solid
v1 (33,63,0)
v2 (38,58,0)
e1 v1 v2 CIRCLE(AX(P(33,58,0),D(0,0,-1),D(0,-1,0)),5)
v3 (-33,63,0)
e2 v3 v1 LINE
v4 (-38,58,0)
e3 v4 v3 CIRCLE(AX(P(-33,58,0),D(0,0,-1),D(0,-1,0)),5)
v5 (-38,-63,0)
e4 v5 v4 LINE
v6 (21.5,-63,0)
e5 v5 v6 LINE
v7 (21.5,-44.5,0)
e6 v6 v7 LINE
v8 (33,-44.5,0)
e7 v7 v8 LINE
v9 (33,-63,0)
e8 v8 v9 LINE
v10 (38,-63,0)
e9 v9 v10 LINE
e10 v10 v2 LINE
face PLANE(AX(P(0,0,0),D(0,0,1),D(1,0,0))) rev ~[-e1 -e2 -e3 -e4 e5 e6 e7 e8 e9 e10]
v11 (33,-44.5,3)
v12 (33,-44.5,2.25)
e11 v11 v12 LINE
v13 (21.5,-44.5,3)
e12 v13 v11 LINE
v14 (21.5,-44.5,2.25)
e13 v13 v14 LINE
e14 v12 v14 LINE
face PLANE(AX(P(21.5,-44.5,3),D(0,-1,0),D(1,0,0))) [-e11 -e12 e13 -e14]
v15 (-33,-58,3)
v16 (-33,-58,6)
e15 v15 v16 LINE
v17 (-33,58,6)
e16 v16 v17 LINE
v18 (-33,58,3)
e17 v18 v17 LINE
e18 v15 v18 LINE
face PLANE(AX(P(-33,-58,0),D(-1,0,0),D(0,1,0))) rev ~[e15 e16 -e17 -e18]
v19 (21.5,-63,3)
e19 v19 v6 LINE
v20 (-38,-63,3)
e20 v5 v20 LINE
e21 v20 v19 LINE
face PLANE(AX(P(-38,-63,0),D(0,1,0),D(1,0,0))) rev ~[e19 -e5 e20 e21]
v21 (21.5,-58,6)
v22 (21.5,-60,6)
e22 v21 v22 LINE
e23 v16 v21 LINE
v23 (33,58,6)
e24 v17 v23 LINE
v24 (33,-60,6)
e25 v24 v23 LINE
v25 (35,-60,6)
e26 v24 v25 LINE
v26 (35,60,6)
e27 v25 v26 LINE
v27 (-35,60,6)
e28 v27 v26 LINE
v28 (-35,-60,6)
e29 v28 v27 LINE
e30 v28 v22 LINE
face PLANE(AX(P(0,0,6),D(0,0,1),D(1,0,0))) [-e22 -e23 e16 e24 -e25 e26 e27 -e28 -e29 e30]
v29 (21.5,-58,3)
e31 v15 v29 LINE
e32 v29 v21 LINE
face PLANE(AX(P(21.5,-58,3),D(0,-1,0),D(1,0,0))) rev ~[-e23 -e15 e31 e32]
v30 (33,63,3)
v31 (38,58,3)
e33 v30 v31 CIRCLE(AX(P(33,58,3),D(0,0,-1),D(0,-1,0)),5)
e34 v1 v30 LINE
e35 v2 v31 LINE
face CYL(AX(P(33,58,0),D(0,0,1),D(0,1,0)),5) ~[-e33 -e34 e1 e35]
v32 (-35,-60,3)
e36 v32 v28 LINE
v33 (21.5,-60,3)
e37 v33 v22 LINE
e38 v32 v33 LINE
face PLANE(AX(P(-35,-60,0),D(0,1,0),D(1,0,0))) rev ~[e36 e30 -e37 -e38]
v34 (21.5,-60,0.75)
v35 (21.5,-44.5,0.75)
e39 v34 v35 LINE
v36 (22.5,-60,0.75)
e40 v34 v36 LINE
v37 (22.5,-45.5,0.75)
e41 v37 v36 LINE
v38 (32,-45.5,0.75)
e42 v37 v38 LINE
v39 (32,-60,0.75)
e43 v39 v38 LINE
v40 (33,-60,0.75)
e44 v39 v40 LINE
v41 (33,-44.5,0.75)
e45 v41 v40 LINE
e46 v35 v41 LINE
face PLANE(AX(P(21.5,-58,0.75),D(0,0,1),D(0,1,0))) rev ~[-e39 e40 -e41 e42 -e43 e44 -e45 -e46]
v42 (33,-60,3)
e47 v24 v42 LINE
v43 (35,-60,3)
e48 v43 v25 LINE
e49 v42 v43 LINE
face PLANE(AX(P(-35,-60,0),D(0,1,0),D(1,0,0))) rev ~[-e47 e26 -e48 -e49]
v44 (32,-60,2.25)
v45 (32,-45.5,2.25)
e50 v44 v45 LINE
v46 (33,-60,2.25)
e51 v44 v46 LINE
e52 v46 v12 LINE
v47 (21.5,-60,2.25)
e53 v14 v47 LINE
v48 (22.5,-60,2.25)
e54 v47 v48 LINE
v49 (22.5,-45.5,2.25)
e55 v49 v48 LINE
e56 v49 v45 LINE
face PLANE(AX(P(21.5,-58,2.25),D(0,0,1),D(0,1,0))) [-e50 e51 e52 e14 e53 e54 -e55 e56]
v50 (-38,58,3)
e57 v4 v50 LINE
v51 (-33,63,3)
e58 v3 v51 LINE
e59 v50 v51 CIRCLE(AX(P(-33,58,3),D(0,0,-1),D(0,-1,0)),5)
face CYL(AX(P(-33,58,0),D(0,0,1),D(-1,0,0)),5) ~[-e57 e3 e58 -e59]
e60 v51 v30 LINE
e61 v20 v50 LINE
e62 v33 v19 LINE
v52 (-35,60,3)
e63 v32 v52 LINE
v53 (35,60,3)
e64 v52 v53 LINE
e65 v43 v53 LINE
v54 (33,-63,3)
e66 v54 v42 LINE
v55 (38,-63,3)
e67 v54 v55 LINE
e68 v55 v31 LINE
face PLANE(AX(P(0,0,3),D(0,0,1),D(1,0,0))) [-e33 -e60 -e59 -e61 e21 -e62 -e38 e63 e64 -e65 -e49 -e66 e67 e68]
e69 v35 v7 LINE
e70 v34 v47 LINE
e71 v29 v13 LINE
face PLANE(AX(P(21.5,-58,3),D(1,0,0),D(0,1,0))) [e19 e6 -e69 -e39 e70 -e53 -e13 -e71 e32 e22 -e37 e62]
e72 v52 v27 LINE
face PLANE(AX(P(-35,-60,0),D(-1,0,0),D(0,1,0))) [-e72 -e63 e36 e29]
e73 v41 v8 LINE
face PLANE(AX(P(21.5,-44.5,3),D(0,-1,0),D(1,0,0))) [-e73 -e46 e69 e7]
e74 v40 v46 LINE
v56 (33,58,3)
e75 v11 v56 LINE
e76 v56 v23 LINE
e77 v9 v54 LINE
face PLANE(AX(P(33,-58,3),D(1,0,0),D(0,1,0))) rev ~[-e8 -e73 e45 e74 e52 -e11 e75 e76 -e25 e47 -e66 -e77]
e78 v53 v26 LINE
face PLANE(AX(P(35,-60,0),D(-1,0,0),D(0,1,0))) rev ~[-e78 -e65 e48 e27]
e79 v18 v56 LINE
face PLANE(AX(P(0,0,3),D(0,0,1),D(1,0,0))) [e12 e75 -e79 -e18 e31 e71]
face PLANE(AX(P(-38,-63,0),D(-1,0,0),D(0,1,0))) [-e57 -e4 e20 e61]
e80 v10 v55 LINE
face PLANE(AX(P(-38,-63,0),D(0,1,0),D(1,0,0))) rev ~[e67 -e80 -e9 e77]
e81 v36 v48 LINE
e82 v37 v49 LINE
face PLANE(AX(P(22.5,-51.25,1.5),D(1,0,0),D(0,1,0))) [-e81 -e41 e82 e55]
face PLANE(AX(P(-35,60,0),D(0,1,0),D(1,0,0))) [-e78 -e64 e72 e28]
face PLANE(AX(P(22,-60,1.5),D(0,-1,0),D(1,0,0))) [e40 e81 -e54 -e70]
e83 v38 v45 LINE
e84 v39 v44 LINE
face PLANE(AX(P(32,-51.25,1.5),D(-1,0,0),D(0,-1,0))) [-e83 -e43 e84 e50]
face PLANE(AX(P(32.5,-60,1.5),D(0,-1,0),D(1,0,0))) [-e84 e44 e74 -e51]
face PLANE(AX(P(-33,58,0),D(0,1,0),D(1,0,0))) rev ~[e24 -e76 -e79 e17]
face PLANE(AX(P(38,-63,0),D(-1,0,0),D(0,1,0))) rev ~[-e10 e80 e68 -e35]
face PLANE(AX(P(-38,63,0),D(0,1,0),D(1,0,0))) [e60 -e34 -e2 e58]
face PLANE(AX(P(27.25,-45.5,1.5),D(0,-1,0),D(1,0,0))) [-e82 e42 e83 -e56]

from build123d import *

# Parameters (mm, degrees)
F0_W      = 70
F0_H      = 120
F0_W_2    = 66
F0_H_2    = 116
F1_DEPTH  = 6
F0_W_3    = 76
F0_H_3    = 126
F2_DEPTH  = 3
F3_R      = 5
F4_W      = 11.5
F4_H      = 13.5
F5_DEPTH  = 25
F8_W      = 13.5
F8_H      = 1.5
F9_DEPTH  = 1
F6_W      = 11.5
F6_H      = 1.5
F10_DEPTH = 1
F7_W      = 13.5
F7_H      = 1.5
F11_DEPTH = 1
F13_DEPTH = 25
F14_W     = 1
F14_H     = 1.5
F15_W     = 1
F15_H     = 1.5
F16_DEPTH = 3


with BuildPart() as f1:
    # F0 (on Top) → F1 (new body)
    with BuildSketch(Plane.XY):
        Rectangle(F0_W, F0_H)
        Rectangle(F0_W_2, F0_H_2, mode=Mode.SUBTRACT)
    extrude(amount=F1_DEPTH)

    # F0 (on Top) → F2 (join)
    with BuildSketch(Plane.XY):
        Rectangle(F0_W_3, F0_H_3)
        Rectangle(F0_W, F0_H, mode=Mode.SUBTRACT)
        Rectangle(F0_W_2, F0_H_2)
    extrude(amount=F2_DEPTH)

    # F3
    f3_edges = [f1.edges().sort_by_distance(p)[0] for p in [
        (-38, 63, 1.5),
        (38, 63, 1.5),
    ]]
    fillet(f3_edges, radius=F3_R)

    # F4 (on face) → F5 (cut)
    with BuildSketch(Plane.XY.offset(3)):
        with Locations((27.25, -51.25)):
            Rectangle(F4_W, F4_H)
    extrude(amount=-F5_DEPTH, mode=Mode.SUBTRACT)

    # F8 (on face) → F9 (join)
    with BuildSketch(Plane(origin=(33, 0, 0), x_dir=(0, -1, 0), z_dir=(-1, 0, 0))):
        with Locations((51.25, 1.5)):
            Rectangle(F8_W, F8_H)
    extrude(amount=F9_DEPTH)

    # F6 (on face) → F10 (join)
    with BuildSketch(Plane.XZ.offset(44.5)):
        with Locations((27.25, 1.5)):
            Rectangle(F6_W, F6_H)
    extrude(amount=F10_DEPTH)

    # F7 (on face) → F11 (join)
    with BuildSketch(Plane.YZ.offset(21.5)):
        with Locations((-51.25, 1.5)):
            Rectangle(F7_W, F7_H)
    extrude(amount=F11_DEPTH)

    # F12 (on face) → F13 (cut)
    with BuildSketch(Plane(origin=(0, -58, 0), x_dir=(-1, 0, 0), z_dir=(0, 1, 0))):
        Polygon((-21.5, 2.25), (-21.5, 3), (-21.5, 6), (-33, 6), (-33, 2.25), (-32, 2.25), (-32, 0.75), (-33, 0.75), (-33, 0), (-21.5, 0), (-21.5, 0.75), (-22.5, 0.75), (-22.5, 2.25), align=None)
    extrude(amount=-F13_DEPTH, mode=Mode.SUBTRACT)

    # F14 (on face) + F15 (on face) → F16 (cut)
    with BuildSketch(Plane.XZ.offset(63)):
        with Locations((22, 1.5)):
            Rectangle(F14_W, F14_H)
    with BuildSketch(Plane.XZ.offset(63)):
        with Locations((32.5, 1.5)):
            Rectangle(F15_W, F15_H)
    extrude(amount=-F16_DEPTH, mode=Mode.SUBTRACT)


solid = f1.part
